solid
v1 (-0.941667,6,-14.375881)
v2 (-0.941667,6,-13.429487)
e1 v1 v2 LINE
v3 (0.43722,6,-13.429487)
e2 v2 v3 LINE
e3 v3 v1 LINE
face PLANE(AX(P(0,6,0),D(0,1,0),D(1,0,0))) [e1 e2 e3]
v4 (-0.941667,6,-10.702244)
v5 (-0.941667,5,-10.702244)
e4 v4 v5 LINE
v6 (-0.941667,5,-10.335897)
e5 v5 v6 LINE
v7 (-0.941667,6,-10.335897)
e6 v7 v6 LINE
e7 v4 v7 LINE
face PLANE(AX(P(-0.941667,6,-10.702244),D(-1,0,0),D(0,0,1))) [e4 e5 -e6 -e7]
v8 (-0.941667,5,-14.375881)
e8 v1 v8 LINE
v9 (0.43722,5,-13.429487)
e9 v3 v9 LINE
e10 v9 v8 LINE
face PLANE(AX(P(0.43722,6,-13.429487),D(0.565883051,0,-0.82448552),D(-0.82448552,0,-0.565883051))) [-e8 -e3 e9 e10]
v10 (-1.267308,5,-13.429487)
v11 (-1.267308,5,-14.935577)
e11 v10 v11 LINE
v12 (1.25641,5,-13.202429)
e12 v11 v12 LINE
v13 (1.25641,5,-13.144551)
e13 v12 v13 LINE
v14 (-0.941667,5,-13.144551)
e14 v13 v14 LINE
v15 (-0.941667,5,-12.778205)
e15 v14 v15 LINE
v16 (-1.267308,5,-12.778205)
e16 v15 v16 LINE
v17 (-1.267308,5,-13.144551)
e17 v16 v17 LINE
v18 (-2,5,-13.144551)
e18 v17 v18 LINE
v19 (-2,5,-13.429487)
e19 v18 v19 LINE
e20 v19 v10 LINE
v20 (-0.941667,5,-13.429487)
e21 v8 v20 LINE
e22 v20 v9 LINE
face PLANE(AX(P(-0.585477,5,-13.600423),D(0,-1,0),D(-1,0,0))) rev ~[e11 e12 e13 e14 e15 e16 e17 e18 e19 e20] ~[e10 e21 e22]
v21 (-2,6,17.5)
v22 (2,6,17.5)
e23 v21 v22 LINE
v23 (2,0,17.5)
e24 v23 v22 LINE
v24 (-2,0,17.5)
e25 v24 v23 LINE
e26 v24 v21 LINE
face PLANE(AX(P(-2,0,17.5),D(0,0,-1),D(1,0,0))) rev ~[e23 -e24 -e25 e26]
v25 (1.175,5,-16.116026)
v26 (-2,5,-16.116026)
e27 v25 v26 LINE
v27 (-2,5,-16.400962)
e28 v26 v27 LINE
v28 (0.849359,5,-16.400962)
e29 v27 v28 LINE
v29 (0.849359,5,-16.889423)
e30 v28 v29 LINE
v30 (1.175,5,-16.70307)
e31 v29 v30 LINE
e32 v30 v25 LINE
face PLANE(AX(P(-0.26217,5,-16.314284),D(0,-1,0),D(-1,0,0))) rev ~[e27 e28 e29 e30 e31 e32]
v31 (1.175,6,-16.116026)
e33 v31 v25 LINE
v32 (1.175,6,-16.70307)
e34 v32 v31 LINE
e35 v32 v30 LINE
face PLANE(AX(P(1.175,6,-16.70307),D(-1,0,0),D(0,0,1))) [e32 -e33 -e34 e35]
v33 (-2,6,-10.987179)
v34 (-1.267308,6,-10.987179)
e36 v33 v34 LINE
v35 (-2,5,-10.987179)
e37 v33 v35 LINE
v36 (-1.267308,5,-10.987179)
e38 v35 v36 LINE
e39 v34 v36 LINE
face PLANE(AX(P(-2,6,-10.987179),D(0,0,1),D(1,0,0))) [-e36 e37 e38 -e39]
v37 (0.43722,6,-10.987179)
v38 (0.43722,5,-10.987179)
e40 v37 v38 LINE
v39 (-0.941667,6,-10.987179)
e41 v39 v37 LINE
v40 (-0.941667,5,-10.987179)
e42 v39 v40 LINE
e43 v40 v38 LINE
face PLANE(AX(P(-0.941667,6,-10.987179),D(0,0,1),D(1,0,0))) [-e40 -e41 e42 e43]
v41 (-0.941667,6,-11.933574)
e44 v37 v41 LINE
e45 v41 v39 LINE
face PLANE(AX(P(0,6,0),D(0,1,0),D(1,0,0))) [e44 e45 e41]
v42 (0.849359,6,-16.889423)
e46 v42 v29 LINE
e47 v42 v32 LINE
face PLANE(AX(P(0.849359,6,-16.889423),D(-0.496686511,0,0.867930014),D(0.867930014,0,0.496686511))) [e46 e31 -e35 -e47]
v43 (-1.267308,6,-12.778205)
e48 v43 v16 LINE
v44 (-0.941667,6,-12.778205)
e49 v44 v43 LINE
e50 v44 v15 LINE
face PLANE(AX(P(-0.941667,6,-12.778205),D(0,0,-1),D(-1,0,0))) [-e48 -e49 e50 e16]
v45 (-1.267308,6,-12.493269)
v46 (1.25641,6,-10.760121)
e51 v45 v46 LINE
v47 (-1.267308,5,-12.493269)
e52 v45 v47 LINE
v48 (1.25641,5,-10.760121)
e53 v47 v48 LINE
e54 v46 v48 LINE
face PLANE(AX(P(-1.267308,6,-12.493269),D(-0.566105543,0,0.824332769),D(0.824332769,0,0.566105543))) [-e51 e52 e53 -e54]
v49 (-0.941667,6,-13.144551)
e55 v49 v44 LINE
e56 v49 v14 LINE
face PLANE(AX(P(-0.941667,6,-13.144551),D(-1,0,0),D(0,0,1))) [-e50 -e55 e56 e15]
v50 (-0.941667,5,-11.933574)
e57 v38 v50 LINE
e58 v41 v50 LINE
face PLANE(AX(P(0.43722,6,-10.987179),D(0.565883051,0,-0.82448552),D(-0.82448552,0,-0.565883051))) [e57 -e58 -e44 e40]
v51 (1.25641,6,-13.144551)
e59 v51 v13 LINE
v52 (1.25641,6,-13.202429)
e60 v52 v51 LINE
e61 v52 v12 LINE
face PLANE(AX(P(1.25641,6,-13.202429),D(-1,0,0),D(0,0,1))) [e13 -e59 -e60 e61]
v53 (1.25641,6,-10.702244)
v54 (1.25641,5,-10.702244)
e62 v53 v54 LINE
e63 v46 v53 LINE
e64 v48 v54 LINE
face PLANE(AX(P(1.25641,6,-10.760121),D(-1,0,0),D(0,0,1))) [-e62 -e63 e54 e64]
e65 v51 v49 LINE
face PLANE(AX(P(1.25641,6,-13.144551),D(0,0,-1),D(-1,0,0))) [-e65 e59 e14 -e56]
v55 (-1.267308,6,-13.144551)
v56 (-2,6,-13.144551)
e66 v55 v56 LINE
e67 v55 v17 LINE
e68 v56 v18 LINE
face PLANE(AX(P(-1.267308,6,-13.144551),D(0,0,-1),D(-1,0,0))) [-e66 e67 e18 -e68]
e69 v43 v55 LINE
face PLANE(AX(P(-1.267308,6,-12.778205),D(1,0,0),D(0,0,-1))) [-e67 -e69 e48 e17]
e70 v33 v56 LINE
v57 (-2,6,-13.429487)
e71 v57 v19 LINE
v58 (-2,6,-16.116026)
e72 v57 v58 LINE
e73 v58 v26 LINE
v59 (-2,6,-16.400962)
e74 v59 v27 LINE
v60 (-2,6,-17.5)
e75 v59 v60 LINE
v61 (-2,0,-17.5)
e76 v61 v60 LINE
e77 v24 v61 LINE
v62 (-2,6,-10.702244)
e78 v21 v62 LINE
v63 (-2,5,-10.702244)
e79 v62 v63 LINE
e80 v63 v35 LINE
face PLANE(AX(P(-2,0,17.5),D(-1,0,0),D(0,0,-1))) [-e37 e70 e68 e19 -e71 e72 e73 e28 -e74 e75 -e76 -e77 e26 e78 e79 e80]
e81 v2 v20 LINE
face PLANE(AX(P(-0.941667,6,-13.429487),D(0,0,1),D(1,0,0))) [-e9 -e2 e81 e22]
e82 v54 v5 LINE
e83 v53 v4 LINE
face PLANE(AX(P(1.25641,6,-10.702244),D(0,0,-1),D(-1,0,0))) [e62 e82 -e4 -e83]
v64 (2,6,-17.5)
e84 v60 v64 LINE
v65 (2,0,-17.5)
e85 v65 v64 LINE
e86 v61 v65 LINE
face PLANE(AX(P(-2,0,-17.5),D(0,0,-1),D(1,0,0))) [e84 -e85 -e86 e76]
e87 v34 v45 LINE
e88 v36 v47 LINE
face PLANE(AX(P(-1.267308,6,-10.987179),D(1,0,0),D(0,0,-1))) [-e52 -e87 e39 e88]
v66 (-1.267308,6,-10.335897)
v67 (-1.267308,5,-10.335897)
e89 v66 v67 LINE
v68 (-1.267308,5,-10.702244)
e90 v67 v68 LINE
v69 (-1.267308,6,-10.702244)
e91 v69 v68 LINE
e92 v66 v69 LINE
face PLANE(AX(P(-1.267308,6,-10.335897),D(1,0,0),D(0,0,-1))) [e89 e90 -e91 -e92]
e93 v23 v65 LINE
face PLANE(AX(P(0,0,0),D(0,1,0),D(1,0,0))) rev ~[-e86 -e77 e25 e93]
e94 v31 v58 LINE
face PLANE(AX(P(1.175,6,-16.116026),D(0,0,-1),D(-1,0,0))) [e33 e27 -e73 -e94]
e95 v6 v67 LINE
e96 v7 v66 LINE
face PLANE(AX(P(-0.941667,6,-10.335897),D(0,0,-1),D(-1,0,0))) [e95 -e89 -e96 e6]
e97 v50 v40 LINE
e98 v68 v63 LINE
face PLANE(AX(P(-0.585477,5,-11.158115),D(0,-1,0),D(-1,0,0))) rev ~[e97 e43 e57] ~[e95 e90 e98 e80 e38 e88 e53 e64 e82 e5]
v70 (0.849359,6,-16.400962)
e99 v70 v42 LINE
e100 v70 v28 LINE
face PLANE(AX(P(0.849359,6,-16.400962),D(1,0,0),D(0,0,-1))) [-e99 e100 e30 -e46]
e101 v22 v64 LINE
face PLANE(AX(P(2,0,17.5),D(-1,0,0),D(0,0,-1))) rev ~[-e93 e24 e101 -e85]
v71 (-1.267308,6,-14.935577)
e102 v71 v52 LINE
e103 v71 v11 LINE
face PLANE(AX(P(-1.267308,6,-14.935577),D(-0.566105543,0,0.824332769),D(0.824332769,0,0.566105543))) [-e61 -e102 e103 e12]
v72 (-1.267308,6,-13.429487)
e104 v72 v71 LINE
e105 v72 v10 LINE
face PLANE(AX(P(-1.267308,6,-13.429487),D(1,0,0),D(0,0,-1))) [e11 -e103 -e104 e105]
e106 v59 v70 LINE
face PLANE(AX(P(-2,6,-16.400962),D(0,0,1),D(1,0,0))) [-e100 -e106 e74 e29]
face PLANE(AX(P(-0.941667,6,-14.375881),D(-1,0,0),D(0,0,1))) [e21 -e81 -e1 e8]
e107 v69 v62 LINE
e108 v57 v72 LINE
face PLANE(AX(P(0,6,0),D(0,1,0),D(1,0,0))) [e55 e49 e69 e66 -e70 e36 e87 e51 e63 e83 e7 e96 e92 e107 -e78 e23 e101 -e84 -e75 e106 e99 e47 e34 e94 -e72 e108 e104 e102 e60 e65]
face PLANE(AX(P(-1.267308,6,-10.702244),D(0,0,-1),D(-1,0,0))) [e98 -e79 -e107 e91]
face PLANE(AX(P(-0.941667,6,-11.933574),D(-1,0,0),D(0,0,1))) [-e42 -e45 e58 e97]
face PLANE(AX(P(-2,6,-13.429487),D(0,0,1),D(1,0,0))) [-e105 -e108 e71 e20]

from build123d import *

# Parameters (mm, degrees)
SKETCH1_W           = 4
SKETCH1_H           = 35
BOSS_EXTRUDE1_DEPTH = 6
CUT_EXTRUDE1_DEPTH  = 1


with BuildPart() as part:
    # Sketch1 → Boss-Extrude1 (new body)
    with BuildSketch(Plane(origin=(0, 0, 0), x_dir=(1, 0, 0), z_dir=(0, 1, 0))):
        Rectangle(SKETCH1_W, SKETCH1_H)
    extrude(amount=BOSS_EXTRUDE1_DEPTH)

    # Sketch3 → Cut-Extrude1 (cut)
    # profile 1 of 3: a face of its own
    with BuildSketch(Plane(origin=(0, 6, 0), x_dir=(1, 0, 0), z_dir=(0, 1, 0))):
        Polygon((1.175, 16.703069912), (1.175, 16.116025641), (-2, 16.116025641), (-2, 16.400961538), (0.849358974, 16.400961538), (0.849358974, 16.889423077), align=None)
    # profile 2 of 3: a face of its own
    with BuildSketch(Plane(origin=(0, 6, 0), x_dir=(1, 0, 0), z_dir=(0, 1, 0))):
        Polygon((1.256410256, 13.202428886), (1.256410256, 13.144551282), (-0.941666667, 13.144551282), (-0.941666667, 12.778205128), (-1.267307692, 12.778205128), (-1.267307692, 13.144551282), (-2, 13.144551282), (-2, 13.429487179), (-1.267307692, 13.429487179), (-1.267307692, 14.935576923), align=None)
        Polygon((-0.941666667, 13.429487179), (0.437219551, 13.429487179), (-0.941666667, 14.37588141), align=None, mode=Mode.SUBTRACT)
    # profile 3 of 3: a face of its own
    with BuildSketch(Plane(origin=(0, 6, 0), x_dir=(1, 0, 0), z_dir=(0, 1, 0))):
        Polygon((1.256410256, 10.760121194), (1.256410256, 10.70224359), (-0.941666667, 10.70224359), (-0.941666667, 10.335897436), (-1.267307692, 10.335897436), (-1.267307692, 10.70224359), (-2, 10.70224359), (-2, 10.987179487), (-1.267307692, 10.987179487), (-1.267307692, 12.493269231), align=None)
        Polygon((-0.941666667, 10.987179487), (0.437219551, 10.987179487), (-0.941666667, 11.933573718), align=None, mode=Mode.SUBTRACT)
    extrude(amount=-CUT_EXTRUDE1_DEPTH, mode=Mode.SUBTRACT)


solid = part.part
